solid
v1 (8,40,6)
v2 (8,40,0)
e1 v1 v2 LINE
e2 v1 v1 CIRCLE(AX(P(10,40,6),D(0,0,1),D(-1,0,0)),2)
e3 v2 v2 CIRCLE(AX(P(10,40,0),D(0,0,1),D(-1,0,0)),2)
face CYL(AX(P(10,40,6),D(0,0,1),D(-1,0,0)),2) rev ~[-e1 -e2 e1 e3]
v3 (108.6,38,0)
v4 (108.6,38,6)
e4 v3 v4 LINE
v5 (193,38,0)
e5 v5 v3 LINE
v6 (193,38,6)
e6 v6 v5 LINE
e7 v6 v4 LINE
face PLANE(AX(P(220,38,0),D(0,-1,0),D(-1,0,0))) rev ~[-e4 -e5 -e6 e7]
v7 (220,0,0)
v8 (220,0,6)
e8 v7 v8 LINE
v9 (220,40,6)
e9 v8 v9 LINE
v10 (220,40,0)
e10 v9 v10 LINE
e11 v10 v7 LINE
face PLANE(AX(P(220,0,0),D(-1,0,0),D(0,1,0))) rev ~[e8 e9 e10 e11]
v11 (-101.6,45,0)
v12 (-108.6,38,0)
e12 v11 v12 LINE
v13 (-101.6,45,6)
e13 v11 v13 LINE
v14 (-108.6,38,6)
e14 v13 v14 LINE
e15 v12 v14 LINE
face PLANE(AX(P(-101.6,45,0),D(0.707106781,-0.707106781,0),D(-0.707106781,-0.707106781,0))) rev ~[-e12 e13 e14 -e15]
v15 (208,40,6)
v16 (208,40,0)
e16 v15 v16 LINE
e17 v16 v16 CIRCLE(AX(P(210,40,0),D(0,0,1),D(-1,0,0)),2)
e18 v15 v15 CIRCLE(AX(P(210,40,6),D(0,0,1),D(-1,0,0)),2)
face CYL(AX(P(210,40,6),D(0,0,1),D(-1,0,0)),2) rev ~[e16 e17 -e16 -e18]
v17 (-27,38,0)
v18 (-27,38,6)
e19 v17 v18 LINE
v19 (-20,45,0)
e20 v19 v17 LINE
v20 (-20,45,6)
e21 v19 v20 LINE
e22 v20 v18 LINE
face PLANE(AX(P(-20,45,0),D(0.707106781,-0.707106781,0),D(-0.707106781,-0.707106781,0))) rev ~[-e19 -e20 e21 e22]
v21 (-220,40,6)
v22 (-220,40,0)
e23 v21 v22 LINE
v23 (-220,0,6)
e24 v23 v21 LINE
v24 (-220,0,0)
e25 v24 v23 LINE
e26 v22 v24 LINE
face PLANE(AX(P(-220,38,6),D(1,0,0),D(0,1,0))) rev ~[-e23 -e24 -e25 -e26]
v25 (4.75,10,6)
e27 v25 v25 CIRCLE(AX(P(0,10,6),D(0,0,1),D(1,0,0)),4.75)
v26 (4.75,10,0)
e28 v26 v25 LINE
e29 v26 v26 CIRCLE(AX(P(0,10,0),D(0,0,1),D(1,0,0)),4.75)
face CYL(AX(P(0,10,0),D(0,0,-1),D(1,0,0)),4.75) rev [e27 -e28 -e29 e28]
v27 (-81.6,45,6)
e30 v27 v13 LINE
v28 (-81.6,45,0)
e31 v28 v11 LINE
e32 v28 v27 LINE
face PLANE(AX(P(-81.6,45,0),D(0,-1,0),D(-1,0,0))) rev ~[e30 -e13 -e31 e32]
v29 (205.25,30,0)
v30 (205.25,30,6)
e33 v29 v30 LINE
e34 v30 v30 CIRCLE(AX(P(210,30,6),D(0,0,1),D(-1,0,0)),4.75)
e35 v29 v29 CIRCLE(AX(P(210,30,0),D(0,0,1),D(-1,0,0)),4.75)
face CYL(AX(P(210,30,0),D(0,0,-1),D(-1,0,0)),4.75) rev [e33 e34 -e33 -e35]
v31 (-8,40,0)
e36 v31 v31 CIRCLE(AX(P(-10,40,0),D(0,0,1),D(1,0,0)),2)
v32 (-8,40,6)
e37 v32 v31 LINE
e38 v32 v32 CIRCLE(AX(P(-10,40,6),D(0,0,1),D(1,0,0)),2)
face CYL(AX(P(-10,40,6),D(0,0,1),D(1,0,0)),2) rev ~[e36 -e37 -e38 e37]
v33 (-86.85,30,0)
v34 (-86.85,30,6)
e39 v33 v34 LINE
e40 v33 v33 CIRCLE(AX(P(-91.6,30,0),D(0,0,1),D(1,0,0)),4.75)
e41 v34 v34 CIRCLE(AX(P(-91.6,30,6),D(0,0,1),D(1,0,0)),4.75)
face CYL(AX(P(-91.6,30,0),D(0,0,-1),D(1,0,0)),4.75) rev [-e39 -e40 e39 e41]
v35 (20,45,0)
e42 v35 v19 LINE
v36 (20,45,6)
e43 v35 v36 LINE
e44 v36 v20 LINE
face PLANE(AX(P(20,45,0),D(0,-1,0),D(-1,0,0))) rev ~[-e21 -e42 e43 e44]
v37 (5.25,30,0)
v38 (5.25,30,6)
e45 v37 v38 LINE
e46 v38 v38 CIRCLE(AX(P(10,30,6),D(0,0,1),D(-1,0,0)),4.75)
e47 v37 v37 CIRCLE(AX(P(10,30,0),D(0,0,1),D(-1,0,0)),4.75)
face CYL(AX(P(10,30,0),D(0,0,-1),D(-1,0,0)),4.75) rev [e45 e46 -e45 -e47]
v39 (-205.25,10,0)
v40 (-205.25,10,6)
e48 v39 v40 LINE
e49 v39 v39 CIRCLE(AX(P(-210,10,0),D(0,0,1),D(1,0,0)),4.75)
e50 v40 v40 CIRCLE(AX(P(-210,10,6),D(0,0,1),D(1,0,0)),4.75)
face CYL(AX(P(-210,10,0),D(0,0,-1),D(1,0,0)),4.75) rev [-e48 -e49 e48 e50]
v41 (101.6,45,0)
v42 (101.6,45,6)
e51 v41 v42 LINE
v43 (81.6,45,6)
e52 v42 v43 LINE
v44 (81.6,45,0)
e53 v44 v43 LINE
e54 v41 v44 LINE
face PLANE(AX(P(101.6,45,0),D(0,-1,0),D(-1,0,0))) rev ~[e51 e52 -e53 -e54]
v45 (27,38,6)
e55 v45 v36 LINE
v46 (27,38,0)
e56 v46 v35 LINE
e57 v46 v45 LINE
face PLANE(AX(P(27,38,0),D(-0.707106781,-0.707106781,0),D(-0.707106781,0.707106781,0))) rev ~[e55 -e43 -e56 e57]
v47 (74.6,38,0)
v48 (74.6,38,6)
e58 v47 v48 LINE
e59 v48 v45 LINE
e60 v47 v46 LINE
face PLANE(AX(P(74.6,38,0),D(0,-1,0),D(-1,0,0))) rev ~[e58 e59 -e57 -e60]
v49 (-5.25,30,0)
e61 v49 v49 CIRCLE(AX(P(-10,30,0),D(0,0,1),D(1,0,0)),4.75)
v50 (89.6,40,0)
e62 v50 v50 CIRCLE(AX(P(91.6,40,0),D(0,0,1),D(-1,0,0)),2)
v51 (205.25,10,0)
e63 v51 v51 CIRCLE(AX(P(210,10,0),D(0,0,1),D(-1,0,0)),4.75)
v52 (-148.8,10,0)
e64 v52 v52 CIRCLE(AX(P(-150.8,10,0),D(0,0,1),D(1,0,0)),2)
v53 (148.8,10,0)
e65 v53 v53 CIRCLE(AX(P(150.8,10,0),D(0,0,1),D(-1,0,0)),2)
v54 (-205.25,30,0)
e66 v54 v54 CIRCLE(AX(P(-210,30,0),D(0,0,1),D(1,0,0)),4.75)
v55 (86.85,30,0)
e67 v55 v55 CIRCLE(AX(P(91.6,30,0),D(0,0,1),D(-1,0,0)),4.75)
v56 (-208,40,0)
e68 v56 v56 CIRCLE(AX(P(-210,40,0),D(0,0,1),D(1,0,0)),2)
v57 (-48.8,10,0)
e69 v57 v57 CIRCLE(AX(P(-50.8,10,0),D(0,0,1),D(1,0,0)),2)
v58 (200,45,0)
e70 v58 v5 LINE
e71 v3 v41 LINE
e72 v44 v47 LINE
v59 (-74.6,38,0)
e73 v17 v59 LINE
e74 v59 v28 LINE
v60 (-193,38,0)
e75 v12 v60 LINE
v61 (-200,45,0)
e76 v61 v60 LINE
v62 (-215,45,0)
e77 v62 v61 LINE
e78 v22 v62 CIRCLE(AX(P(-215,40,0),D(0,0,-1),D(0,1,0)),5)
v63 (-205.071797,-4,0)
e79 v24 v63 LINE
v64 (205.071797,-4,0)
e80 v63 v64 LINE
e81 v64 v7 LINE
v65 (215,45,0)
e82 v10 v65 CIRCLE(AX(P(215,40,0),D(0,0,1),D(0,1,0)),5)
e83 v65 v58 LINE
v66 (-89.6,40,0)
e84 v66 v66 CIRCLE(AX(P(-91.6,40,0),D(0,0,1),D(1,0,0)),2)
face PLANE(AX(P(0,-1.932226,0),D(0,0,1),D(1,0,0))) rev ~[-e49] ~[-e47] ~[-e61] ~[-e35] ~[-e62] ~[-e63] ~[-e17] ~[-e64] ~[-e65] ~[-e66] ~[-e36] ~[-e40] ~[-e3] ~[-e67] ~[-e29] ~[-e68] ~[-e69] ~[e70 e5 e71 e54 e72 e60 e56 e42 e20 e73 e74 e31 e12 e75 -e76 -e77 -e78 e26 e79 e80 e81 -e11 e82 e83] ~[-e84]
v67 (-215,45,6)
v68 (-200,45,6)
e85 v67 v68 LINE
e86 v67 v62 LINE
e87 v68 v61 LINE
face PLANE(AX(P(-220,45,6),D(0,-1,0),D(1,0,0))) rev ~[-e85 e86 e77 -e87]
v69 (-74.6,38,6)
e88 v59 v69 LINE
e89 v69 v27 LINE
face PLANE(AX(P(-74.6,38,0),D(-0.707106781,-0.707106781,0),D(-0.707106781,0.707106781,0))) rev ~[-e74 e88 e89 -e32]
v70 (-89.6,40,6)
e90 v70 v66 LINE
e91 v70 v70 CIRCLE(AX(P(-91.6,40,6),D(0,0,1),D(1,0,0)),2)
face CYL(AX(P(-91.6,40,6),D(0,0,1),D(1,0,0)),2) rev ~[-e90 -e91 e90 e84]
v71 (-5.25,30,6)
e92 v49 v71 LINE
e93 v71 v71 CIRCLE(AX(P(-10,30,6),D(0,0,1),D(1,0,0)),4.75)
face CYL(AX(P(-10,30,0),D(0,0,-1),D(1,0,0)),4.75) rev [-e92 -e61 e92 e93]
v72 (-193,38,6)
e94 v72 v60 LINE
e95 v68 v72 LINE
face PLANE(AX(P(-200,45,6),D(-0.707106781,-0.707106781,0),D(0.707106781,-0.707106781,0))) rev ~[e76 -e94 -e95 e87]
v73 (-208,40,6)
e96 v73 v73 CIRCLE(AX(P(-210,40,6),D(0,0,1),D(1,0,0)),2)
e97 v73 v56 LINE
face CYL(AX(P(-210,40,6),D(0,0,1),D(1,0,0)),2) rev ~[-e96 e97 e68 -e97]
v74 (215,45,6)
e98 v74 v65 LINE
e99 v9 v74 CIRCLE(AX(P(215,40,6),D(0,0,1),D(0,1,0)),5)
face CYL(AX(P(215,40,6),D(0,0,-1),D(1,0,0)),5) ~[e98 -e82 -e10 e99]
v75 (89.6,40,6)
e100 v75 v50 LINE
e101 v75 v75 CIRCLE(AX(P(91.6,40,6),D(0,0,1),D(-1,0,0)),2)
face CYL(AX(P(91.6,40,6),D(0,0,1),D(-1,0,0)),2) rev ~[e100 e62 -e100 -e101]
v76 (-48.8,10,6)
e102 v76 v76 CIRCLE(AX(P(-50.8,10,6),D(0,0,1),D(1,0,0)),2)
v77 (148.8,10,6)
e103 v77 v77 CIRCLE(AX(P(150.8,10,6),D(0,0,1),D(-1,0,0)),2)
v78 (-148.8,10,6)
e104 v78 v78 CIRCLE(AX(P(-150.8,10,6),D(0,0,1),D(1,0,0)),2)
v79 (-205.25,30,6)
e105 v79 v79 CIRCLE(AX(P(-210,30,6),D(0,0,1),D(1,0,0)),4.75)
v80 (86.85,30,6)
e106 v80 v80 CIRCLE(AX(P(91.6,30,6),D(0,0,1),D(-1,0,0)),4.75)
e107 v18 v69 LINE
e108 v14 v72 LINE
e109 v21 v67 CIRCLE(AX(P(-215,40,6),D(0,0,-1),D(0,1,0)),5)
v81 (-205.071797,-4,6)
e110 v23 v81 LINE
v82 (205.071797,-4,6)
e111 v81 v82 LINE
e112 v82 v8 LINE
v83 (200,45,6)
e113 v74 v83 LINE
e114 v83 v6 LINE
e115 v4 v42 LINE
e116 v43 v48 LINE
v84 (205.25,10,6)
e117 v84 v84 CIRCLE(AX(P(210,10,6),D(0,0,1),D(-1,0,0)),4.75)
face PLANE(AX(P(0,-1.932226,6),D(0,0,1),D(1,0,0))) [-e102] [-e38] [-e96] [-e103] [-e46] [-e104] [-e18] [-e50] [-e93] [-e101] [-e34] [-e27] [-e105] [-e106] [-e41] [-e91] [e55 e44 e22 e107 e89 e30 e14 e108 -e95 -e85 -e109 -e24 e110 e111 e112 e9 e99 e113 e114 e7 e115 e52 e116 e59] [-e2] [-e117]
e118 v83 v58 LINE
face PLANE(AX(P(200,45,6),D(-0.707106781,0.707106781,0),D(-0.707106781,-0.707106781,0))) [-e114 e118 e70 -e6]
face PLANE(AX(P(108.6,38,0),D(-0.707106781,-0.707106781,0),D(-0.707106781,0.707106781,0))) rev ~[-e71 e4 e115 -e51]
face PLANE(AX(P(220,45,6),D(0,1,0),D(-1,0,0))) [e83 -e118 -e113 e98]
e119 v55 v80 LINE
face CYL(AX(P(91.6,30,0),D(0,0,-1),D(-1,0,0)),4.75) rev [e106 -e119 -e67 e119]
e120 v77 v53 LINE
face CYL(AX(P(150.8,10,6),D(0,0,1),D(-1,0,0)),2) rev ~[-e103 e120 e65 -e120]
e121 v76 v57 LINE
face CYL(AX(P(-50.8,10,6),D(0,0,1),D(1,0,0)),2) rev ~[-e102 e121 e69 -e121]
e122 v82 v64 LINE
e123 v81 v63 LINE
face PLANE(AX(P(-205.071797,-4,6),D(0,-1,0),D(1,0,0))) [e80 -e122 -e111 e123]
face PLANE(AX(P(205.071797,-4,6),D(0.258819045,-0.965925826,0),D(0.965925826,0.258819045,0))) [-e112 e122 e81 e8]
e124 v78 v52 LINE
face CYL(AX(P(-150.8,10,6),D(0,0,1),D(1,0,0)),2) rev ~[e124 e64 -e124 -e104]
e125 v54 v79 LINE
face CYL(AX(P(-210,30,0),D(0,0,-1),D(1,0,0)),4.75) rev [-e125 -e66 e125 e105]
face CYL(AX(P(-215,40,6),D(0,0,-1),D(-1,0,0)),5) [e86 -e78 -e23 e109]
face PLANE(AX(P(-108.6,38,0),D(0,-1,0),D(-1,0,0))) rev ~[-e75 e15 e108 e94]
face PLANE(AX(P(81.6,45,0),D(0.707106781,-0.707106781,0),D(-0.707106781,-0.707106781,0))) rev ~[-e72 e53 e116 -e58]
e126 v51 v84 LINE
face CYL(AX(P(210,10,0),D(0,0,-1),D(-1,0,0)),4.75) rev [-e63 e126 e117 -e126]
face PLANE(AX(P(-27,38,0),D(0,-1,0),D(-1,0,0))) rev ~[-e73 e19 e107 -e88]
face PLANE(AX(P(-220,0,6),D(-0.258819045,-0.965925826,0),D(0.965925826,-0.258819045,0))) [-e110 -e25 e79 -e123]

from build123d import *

# Parameters (mm, degrees)
CROQUIS1_R              = 4.75
SALIENTE_EXTRUIR1_DEPTH = 6
SALIENTE_EXTRUIR2_DEPTH = 6
CROQUIS3_R              = 2
CORTAR_EXTRUIR1_DEPTH   = 225.635259922
SALIENTE_EXTRUIR3_DEPTH = 6
REDONDEO3_R             = 5


with BuildPart() as part:
    # Croquis1 → Saliente-Extruir1 (new body)
    with BuildSketch(Plane.XY):
        Polygon((-220, 0), (220, 0), (220, 38), (108.6, 38), (101.6, 45), (81.6, 45), (74.6, 38), (27, 38), (20, 45), (-20, 45), (-27, 38), (-74.6, 38), (-81.6, 45), (-101.6, 45), (-108.6, 38), (-220, 38), align=None)
        with Locations((-210, 10)):
            Circle(CROQUIS1_R, mode=Mode.SUBTRACT)
        with Locations((-210, 30)):
            Circle(CROQUIS1_R, mode=Mode.SUBTRACT)
        with Locations(Location((210, 10, 0), (0, 0, 180))):
            Circle(CROQUIS1_R, mode=Mode.SUBTRACT)
        with Locations(Location((210, 30, 0), (0, 0, 180))):
            Circle(CROQUIS1_R, mode=Mode.SUBTRACT)
        with Locations((-91.6, 30)):
            Circle(CROQUIS1_R, mode=Mode.SUBTRACT)
        with Locations((-10, 30)):
            Circle(CROQUIS1_R, mode=Mode.SUBTRACT)
        with Locations(Location((10, 30, 0), (0, 0, 180))):
            Circle(CROQUIS1_R, mode=Mode.SUBTRACT)
        with Locations(Location((91.6, 30, 0), (0, 0, 180))):
            Circle(CROQUIS1_R, mode=Mode.SUBTRACT)
        with Locations((0, 10)):
            Circle(CROQUIS1_R, mode=Mode.SUBTRACT)
    extrude(amount=SALIENTE_EXTRUIR1_DEPTH)

    # Croquis2 → Saliente-Extruir2 (add)
    with BuildSketch(Plane.XY.offset(6)):
        Polygon((-220, 38), (-220, 45), (-200, 45), (-193, 38), align=None)
        Polygon((200, 45), (193, 38), (220, 38), (220, 45), align=None)
    extrude(amount=-SALIENTE_EXTRUIR2_DEPTH)

    # Croquis3 → Cortar-Extruir1 (cut, through all)
    with BuildSketch(Plane.XY.offset(6)):
        with Locations((-91.6, 40)):
            Circle(CROQUIS3_R)
        with Locations((-210, 40)):
            Circle(CROQUIS3_R)
        with Locations((-10, 40)):
            Circle(CROQUIS3_R)
        with Locations(Location((10, 40, 0), (0, 0, 180))):
            Circle(CROQUIS3_R)
        with Locations(Location((91.6, 40, 0), (0, 0, 180))):
            Circle(CROQUIS3_R)
        with Locations(Location((210, 40, 0), (0, 0, 180))):
            Circle(CROQUIS3_R)
        with Locations((-150.8, 10)):
            Circle(CROQUIS3_R)
        with Locations((-50.8, 10)):
            Circle(CROQUIS3_R)
        with Locations(Location((150.8, 10, 0), (0, 0, 180))):
            Circle(CROQUIS3_R)
    extrude(amount=-CORTAR_EXTRUIR1_DEPTH, mode=Mode.SUBTRACT)

    # Croquis4 → Saliente-Extruir3 (add)
    with BuildSketch(Plane.XY.offset(6)):
        Polygon((220, 0), (-220, 0), (-205.07179677, -4), (205.07179677, -4), align=None)
    extrude(amount=-SALIENTE_EXTRUIR3_DEPTH)

    # Redondeo3
    redondeo3_edges = [part.edges().sort_by_distance(p)[0] for p in [
        (-220, 45, 3),
        (220, 45, 3),
    ]]
    fillet(redondeo3_edges, radius=REDONDEO3_R)


solid = part.part
